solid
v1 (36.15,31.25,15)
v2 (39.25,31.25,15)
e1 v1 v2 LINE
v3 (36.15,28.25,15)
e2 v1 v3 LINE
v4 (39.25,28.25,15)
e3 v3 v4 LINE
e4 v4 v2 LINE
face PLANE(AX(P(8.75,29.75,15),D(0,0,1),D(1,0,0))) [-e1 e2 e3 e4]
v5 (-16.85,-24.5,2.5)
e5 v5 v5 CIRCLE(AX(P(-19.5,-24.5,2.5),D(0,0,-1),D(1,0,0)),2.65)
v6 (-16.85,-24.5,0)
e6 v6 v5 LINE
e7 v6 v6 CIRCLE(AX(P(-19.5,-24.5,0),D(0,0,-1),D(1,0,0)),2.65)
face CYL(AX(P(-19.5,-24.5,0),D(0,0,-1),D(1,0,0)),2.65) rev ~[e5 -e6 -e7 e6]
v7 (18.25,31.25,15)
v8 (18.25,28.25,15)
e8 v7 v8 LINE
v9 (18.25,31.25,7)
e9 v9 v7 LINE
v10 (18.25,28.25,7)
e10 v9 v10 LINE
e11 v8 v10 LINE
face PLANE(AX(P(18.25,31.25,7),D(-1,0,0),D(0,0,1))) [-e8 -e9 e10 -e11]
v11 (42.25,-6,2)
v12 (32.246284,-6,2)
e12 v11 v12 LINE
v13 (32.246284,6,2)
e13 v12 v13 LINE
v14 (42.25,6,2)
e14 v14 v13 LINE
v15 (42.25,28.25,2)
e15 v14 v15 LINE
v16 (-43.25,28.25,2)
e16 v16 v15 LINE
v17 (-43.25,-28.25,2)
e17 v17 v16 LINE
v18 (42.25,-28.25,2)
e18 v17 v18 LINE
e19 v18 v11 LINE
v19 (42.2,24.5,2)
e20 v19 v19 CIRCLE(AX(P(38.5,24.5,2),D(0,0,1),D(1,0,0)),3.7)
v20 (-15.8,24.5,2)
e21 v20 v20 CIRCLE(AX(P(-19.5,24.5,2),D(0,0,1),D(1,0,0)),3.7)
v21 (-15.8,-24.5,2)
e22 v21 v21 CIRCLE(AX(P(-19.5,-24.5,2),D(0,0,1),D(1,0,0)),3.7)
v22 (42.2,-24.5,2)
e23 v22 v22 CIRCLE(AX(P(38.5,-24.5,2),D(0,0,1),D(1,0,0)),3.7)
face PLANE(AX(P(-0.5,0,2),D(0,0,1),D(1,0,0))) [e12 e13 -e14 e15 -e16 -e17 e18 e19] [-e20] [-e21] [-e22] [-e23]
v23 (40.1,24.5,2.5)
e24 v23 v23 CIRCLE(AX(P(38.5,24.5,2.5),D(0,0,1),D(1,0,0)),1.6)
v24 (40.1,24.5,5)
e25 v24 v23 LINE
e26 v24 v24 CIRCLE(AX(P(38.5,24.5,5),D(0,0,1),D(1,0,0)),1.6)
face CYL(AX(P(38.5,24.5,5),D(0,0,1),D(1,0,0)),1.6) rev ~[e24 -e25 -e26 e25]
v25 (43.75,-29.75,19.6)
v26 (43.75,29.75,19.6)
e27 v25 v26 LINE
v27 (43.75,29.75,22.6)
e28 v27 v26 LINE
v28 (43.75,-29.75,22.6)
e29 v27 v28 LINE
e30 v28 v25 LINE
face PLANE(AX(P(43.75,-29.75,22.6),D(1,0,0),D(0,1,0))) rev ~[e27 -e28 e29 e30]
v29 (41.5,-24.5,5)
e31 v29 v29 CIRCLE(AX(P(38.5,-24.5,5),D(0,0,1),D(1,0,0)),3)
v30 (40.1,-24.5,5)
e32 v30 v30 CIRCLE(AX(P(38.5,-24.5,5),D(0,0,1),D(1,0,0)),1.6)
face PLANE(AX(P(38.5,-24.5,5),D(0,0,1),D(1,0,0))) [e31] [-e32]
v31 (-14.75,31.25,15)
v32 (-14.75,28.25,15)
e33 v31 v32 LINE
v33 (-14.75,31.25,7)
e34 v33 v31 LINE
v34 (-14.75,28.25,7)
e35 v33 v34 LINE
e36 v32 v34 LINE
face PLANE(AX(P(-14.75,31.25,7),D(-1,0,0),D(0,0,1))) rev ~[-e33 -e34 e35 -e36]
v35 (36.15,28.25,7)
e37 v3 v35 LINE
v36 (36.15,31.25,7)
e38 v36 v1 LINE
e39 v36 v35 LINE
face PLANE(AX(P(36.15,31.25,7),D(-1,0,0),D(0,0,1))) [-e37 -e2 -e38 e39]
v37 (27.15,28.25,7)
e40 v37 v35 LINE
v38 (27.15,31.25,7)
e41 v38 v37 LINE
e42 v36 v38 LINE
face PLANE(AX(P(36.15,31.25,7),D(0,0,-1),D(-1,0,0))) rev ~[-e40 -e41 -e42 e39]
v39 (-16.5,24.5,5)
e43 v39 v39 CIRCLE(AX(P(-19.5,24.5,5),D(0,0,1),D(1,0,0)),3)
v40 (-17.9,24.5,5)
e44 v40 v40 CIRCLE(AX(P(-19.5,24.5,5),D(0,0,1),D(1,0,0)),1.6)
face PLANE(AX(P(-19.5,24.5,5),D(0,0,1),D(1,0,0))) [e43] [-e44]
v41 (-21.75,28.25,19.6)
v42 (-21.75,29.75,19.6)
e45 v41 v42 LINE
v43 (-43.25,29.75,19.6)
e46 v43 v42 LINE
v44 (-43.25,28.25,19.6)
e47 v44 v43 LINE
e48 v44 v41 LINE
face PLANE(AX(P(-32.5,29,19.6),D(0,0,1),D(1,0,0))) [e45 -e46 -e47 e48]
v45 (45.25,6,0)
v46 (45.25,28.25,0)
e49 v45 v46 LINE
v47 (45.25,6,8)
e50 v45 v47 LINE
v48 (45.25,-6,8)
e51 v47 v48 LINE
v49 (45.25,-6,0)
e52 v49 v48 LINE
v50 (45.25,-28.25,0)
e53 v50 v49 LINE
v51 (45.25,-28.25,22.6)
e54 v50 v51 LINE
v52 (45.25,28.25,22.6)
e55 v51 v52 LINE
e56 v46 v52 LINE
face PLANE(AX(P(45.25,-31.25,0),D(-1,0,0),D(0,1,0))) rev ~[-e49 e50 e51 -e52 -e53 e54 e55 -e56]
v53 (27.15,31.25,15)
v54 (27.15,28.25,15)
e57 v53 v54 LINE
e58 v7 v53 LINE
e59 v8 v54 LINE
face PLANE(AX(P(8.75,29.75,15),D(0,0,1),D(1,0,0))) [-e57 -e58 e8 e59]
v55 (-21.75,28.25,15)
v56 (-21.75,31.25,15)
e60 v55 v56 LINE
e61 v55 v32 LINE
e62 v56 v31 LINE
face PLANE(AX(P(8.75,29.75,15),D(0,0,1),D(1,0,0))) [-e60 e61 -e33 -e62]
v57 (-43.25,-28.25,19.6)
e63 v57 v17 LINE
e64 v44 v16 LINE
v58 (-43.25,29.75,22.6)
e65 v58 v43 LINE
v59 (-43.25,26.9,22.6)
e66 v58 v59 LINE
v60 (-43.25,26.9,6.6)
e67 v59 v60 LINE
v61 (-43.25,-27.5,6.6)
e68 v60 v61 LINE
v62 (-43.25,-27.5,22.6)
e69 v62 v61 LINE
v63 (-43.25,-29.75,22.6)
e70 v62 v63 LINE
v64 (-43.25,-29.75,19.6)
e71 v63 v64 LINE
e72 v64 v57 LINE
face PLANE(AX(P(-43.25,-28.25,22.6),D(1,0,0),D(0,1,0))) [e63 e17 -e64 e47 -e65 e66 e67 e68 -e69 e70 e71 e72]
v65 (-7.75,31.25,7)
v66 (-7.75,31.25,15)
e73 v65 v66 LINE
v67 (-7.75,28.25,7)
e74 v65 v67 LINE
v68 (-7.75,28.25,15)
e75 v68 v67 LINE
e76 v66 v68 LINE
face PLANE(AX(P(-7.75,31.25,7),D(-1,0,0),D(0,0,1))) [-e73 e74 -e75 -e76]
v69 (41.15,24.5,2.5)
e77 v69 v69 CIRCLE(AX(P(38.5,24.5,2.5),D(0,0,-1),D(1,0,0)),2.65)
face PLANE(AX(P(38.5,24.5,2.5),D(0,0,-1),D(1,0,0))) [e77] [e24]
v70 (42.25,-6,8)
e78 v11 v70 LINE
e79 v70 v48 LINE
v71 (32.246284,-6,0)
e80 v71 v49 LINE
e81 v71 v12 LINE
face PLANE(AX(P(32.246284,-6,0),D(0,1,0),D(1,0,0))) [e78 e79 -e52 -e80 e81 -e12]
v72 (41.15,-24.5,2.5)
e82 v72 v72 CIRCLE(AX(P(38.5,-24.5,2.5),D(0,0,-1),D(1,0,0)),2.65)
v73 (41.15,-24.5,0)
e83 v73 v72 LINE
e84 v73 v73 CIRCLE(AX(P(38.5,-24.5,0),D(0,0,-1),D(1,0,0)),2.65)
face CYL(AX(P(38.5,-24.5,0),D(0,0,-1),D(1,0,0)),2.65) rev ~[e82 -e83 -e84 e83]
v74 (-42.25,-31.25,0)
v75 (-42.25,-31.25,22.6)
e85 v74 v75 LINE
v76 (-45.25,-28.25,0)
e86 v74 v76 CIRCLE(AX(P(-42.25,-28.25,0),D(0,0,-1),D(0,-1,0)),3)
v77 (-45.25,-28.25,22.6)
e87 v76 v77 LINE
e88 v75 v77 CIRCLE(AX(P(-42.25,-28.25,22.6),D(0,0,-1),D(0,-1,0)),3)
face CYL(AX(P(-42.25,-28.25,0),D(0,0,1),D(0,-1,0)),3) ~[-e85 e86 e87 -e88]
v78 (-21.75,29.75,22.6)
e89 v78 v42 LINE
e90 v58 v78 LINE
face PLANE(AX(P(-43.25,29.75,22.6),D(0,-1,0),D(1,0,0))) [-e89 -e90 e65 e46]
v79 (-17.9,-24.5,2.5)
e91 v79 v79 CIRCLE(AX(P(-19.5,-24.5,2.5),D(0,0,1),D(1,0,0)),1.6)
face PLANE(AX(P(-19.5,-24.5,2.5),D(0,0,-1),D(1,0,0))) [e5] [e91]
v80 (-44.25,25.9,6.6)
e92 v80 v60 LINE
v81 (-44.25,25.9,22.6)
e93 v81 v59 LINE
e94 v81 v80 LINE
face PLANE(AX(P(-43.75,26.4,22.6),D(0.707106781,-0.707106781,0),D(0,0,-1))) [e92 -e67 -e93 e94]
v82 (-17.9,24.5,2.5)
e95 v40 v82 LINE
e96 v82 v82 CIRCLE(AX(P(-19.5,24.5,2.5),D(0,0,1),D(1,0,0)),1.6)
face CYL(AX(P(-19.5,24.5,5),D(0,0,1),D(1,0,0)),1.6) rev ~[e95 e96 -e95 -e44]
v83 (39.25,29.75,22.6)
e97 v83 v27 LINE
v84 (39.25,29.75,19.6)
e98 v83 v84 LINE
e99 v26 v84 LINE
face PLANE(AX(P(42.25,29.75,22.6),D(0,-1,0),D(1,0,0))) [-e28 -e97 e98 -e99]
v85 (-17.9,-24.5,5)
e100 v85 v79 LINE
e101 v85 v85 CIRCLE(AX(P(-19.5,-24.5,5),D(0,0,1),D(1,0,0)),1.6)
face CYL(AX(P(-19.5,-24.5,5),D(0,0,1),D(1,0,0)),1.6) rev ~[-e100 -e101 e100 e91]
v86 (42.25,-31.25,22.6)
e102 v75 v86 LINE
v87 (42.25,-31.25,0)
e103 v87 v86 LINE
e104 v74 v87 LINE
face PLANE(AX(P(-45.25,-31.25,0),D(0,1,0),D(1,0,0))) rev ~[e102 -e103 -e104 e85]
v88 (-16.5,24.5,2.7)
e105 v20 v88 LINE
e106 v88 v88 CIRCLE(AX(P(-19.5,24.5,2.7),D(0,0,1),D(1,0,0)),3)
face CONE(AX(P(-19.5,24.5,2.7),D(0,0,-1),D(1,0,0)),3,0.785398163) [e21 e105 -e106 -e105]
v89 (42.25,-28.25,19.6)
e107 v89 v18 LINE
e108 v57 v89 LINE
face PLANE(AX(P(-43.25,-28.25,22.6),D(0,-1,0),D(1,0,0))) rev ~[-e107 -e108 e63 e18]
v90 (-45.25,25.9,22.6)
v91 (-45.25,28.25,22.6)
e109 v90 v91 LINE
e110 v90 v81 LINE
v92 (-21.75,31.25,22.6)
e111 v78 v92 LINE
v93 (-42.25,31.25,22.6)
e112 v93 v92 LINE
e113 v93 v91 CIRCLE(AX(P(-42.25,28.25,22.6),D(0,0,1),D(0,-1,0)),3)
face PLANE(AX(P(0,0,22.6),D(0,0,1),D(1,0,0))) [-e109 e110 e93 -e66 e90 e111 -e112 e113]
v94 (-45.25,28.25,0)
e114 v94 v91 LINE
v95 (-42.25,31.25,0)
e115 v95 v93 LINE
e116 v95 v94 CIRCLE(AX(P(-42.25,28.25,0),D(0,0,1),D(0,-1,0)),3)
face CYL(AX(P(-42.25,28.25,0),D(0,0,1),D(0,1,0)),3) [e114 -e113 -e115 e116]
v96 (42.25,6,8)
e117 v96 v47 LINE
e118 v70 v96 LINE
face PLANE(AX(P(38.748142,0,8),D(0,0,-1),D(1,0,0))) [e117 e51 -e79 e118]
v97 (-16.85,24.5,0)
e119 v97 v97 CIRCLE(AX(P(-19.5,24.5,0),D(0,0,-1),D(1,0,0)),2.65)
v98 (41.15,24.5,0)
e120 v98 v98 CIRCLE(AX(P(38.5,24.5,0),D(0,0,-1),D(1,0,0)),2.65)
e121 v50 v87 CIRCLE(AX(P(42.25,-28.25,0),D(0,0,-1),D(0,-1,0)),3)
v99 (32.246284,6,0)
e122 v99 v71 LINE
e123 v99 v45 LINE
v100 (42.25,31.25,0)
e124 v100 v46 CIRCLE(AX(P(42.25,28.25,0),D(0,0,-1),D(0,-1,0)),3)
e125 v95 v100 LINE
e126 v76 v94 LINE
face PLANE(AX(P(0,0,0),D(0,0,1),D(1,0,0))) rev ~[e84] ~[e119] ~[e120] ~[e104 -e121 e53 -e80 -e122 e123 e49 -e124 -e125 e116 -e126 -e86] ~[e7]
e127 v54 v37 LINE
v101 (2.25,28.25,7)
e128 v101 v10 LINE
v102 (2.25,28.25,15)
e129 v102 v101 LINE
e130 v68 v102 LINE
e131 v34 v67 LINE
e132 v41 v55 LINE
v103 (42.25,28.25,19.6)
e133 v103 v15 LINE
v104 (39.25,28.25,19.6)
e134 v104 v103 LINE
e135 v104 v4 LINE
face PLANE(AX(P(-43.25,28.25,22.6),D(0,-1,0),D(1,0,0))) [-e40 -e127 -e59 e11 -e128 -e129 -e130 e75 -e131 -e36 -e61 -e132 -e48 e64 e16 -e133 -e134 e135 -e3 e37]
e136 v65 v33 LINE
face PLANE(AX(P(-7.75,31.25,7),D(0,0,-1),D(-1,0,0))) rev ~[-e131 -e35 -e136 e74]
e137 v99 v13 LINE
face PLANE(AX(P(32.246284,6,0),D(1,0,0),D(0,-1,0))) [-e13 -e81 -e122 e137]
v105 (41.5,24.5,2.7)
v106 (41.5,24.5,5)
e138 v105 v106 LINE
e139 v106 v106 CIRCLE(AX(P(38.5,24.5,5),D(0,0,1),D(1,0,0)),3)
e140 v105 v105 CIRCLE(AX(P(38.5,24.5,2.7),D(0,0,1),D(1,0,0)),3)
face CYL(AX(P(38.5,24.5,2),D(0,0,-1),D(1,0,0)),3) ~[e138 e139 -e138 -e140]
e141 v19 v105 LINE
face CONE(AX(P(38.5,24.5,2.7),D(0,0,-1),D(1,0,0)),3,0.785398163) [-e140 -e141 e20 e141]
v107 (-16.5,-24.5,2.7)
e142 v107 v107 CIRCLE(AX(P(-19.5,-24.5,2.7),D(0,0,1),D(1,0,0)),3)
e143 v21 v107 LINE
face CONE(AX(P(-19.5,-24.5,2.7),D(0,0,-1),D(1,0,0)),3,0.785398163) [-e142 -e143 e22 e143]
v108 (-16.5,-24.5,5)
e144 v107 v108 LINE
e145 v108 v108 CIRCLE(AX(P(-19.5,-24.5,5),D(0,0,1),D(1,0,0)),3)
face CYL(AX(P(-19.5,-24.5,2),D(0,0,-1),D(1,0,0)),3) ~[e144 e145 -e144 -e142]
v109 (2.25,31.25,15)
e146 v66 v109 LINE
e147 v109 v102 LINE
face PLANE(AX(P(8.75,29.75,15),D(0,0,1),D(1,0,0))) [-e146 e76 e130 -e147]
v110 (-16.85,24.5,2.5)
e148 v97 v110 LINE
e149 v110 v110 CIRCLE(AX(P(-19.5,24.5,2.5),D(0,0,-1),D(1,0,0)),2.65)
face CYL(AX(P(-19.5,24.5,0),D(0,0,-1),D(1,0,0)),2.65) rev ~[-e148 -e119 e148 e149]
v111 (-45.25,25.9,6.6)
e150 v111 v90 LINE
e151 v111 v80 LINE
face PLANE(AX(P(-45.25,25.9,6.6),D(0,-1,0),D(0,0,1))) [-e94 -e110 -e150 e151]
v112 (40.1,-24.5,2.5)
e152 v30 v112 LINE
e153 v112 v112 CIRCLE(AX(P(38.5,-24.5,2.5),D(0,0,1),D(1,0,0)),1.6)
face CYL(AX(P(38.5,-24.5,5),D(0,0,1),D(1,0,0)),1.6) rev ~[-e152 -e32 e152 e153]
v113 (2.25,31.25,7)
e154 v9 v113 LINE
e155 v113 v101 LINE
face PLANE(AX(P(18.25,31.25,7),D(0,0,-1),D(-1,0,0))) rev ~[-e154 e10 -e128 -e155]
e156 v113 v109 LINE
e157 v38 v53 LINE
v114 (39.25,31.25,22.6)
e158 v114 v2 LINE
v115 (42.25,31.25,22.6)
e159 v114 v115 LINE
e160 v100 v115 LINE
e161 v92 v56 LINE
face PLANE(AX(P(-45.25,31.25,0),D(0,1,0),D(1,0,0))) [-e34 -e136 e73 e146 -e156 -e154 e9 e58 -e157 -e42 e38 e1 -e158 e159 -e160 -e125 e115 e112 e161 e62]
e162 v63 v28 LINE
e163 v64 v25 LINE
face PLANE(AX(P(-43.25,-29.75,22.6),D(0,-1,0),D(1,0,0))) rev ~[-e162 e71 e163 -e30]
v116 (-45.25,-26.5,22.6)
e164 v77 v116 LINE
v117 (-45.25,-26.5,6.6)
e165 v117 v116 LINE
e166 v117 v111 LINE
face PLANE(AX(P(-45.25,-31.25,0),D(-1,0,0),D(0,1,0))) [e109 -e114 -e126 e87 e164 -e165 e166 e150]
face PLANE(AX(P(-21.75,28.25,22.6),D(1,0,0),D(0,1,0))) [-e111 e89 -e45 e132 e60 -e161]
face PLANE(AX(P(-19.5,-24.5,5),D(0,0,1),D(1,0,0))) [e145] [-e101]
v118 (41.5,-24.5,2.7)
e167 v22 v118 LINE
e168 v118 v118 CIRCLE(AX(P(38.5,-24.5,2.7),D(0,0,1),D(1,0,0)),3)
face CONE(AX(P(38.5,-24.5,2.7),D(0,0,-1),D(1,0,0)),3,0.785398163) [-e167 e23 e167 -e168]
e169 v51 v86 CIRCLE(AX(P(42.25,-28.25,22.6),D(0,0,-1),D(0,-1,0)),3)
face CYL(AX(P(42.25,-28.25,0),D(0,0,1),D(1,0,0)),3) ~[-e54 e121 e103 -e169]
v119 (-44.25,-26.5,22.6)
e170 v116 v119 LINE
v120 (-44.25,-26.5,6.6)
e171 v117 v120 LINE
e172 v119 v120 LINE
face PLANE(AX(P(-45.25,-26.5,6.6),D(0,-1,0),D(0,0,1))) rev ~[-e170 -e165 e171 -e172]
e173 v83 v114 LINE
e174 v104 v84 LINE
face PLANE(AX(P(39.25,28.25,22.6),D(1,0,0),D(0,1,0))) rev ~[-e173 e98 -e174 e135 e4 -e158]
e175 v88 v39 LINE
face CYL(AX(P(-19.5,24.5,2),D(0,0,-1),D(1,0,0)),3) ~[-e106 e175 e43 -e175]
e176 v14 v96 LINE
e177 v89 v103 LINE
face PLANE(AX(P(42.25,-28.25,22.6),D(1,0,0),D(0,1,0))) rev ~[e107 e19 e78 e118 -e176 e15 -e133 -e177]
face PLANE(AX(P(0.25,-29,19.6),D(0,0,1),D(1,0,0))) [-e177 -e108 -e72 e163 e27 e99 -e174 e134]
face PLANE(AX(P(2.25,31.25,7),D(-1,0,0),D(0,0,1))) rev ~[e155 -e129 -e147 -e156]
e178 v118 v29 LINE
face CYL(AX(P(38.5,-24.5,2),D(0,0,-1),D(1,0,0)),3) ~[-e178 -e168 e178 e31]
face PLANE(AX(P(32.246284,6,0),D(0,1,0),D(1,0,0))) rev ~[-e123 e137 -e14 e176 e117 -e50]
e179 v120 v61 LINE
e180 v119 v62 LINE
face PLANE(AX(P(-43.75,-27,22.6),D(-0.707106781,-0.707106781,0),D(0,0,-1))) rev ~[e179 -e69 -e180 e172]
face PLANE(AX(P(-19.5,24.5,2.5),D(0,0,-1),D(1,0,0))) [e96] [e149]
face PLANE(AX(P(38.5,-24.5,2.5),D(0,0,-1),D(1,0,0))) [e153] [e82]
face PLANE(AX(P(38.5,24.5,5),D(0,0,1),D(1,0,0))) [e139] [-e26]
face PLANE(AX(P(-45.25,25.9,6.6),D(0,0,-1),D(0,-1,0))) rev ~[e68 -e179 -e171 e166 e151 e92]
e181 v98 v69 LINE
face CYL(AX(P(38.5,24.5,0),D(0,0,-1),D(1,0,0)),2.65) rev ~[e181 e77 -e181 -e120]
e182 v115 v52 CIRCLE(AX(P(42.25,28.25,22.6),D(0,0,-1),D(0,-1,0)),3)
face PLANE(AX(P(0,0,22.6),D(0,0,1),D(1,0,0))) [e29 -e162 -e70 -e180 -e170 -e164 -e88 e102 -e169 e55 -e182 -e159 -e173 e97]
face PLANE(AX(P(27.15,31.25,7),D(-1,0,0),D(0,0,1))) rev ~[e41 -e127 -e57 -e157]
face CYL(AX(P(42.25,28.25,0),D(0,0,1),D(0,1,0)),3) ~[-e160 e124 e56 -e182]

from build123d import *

# Parameters (mm, degrees)
SKETCH_W        = 90.5
SKETCH_H        = 62.5
PAD_DEPTH       = 22.6
SKETCH001_W     = 85.5
SKETCH001_H     = 56.5
POCKET_DEPTH    = 20.6
SKETCH002_W     = 15
SKETCH002_H     = 16
SKETCH002_W_2   = 16.3
POCKET001_DEPTH = 5
SKETCH003_R     = 3
PAD001_DEPTH    = 3
SKETCH004_R     = 1.6
POCKET002_DEPTH = 5
SKETCH005_R     = 2.65
POCKET003_DEPTH = 2.5
CHAMFER_SIZE    = 0.7
SKETCH006_W     = 61
SKETCH006_H     = 3
POCKET004_DEPTH = 7.6
SKETCH007_W     = 21.5
SKETCH007_H     = 1.5
POCKET005_DEPTH = 3
SKETCH008_W     = 3
SKETCH008_H     = 1.5
POCKET006_DEPTH = 3
SKETCH009_W     = 1.5
SKETCH009_H     = 58
POCKET007_DEPTH = 3
SKETCH010_W     = 87
SKETCH010_H     = 1.5
POCKET008_DEPTH = 3
CHAMFER001_SIZE = 1
FILLET_R        = 3
SKETCH011_W     = 9
SKETCH011_H     = 8
SKETCH011_W_2   = 16
SKETCH011_W_3   = 7
POCKET009_DEPTH = 5
SKETCH012_W     = 52.4
SKETCH012_H     = 16
POCKET010_DEPTH = 5
SKETCH013_W     = 13.003716
SKETCH013_H     = 12
POCKET011_DEPTH = 8


with BuildPart() as part:
    # Sketch → Pad (new body)
    with BuildSketch(Plane.XY):
        Rectangle(SKETCH_W, SKETCH_H)
    extrude(amount=PAD_DEPTH)

    # Sketch001 (on Face6 of Pad) → Pocket (cut)
    with BuildSketch(Plane.XY.offset(22.6)):
        with Locations((-0.5, 0)):
            Rectangle(SKETCH001_W, SKETCH001_H)
    extrude(amount=-POCKET_DEPTH, mode=Mode.SUBTRACT)

    # Sketch002 (on Face2 of Pocket) → Pocket001 (cut)
    with BuildSketch(Plane(origin=(-45.25, 0, 0), x_dir=(0, -1, 0), z_dir=(-1, 0, 0))):
        with Locations((19, 14.6)):
            Rectangle(SKETCH002_W, SKETCH002_H)
        with Locations((1, 14.6)):
            Rectangle(SKETCH002_W, SKETCH002_H)
        with Locations((-17.75, 14.6)):
            Rectangle(SKETCH002_W_2, SKETCH002_H)
    extrude(amount=-POCKET001_DEPTH, mode=Mode.SUBTRACT)

    # Sketch003 (on Face22 of Pocket001) → Pad001 (join)
    with BuildSketch(Plane.XY.offset(2)):
        with Locations((-19.5, 24.5)):
            Circle(SKETCH003_R)
        with Locations((38.5, 24.5)):
            Circle(SKETCH003_R)
        with Locations((-19.5, -24.5)):
            Circle(SKETCH003_R)
        with Locations((38.5, -24.5)):
            Circle(SKETCH003_R)
    extrude(amount=PAD001_DEPTH)

    # Sketch004 (on Face30 of Pad001) → Pocket002 (cut)
    with BuildSketch(Plane.XY.offset(5)):
        with Locations((-19.5, 24.5)):
            Circle(SKETCH004_R)
        with Locations((38.5, 24.5)):
            Circle(SKETCH004_R)
        with Locations((-19.5, -24.5)):
            Circle(SKETCH004_R)
        with Locations((38.5, -24.5)):
            Circle(SKETCH004_R)
    extrude(amount=-POCKET002_DEPTH, mode=Mode.SUBTRACT)

    # Sketch005 (on Face4 of Pocket002) → Pocket003 (cut)
    with BuildSketch(Plane(origin=(0, 0, 0), x_dir=(1, 0, 0), z_dir=(0, 0, -1))):
        with Locations((38.5, 24.5)):
            Circle(SKETCH005_R)
        with Locations((-19.5, 24.5)):
            Circle(SKETCH005_R)
        with Locations((-19.5, -24.5)):
            Circle(SKETCH005_R)
        with Locations((38.5, -24.5)):
            Circle(SKETCH005_R)
    extrude(amount=-POCKET003_DEPTH, mode=Mode.SUBTRACT)

    # Chamfer
    chamfer_edges = [part.edges().sort_by_distance(p)[0] for p in [
        (-22.5, -24.5, 2),
        (35.5, -24.5, 2),
        (-22.5, 24.5, 2),
        (35.5, 24.5, 2),
    ]]
    chamfer(chamfer_edges, length=CHAMFER_SIZE)

    # Sketch006 (on Face11 of Chamfer) → Pocket004 (cut)
    with BuildSketch(Plane.XY.offset(22.6)):
        with Locations((8.75, 29.75)):
            Rectangle(SKETCH006_W, SKETCH006_H)
    extrude(amount=-POCKET004_DEPTH, mode=Mode.SUBTRACT)

    # Sketch007 (on Face11 of Pocket004) → Pocket005 (cut)
    with BuildSketch(Plane.XY.offset(22.6)):
        with Locations((-32.5, 29)):
            Rectangle(SKETCH007_W, SKETCH007_H)
    extrude(amount=-POCKET005_DEPTH, mode=Mode.SUBTRACT)

    # Sketch008 (on Face15 of Pocket005) → Pocket006 (cut)
    with BuildSketch(Plane.XY.offset(22.6)):
        with Locations((40.75, 29)):
            Rectangle(SKETCH008_W, SKETCH008_H)
    extrude(amount=-POCKET006_DEPTH, mode=Mode.SUBTRACT)

    # Sketch009 (on Face16 of Pocket006) → Pocket007 (cut)
    with BuildSketch(Plane.XY.offset(22.6)):
        with Locations((43, 0.75)):
            Rectangle(SKETCH009_W, SKETCH009_H)
    extrude(amount=-POCKET007_DEPTH, mode=Mode.SUBTRACT)

    # Sketch010 (on Face16 of Pocket007) → Pocket008 (cut)
    with BuildSketch(Plane.XY.offset(22.6)):
        with Locations((0.25, -29)):
            Rectangle(SKETCH010_W, SKETCH010_H)
    extrude(amount=-POCKET008_DEPTH, mode=Mode.SUBTRACT)

    # Chamfer001
    chamfer001_edges = [part.edges().sort_by_distance(p)[0] for p in [
        (-43.25, -11.5, 14.6),
        (-43.25, -8.5, 14.6),
        (-43.25, 6.5, 14.6),
        (-43.25, 9.6, 14.6),
        (-43.25, 25.9, 14.6),
        (-43.25, -26.5, 14.6),
    ]]
    chamfer(chamfer001_edges, length=CHAMFER001_SIZE)

    # Fillet
    fillet_edges = [part.edges().sort_by_distance(p)[0] for p in [
        (-45.25, -31.25, 11.3),
        (45.25, -31.25, 11.3),
        (-45.25, 31.25, 11.3),
        (45.25, 31.25, 11.3),
    ]]
    fillet(fillet_edges, radius=FILLET_R)

    # Sketch011 (on Face13 of Fillet) → Pocket009 (cut)
    with BuildSketch(Plane(origin=(0, 31.25, 0), x_dir=(-1, 0, 0), z_dir=(0, 1, 0))):
        with Locations((-31.65, 11)):
            Rectangle(SKETCH011_W, SKETCH011_H)
        with Locations((-10.25, 11)):
            Rectangle(SKETCH011_W_2, SKETCH011_H)
        with Locations((11.25, 11)):
            Rectangle(SKETCH011_W_3, SKETCH011_H)
    extrude(amount=-POCKET009_DEPTH, mode=Mode.SUBTRACT)

    # Sketch012 (on Face2 of Pocket009) → Pocket010 (cut)
    with BuildSketch(Plane(origin=(-45.25, 0, 0), x_dir=(0, -1, 0), z_dir=(-1, 0, 0))):
        with Locations((0.3, 14.6)):
            Rectangle(SKETCH012_W, SKETCH012_H)
    extrude(amount=-POCKET010_DEPTH, mode=Mode.SUBTRACT)

    # Sketch013 (on Face19 of Pocket010) → Pocket011 (cut)
    with BuildSketch(Plane(origin=(0, 0, 0), x_dir=(1, 0, 0), z_dir=(0, 0, -1))):
        with Locations((38.748142, 0)):
            Rectangle(SKETCH013_W, SKETCH013_H)
    extrude(amount=-POCKET011_DEPTH, mode=Mode.SUBTRACT)


solid = part.part
